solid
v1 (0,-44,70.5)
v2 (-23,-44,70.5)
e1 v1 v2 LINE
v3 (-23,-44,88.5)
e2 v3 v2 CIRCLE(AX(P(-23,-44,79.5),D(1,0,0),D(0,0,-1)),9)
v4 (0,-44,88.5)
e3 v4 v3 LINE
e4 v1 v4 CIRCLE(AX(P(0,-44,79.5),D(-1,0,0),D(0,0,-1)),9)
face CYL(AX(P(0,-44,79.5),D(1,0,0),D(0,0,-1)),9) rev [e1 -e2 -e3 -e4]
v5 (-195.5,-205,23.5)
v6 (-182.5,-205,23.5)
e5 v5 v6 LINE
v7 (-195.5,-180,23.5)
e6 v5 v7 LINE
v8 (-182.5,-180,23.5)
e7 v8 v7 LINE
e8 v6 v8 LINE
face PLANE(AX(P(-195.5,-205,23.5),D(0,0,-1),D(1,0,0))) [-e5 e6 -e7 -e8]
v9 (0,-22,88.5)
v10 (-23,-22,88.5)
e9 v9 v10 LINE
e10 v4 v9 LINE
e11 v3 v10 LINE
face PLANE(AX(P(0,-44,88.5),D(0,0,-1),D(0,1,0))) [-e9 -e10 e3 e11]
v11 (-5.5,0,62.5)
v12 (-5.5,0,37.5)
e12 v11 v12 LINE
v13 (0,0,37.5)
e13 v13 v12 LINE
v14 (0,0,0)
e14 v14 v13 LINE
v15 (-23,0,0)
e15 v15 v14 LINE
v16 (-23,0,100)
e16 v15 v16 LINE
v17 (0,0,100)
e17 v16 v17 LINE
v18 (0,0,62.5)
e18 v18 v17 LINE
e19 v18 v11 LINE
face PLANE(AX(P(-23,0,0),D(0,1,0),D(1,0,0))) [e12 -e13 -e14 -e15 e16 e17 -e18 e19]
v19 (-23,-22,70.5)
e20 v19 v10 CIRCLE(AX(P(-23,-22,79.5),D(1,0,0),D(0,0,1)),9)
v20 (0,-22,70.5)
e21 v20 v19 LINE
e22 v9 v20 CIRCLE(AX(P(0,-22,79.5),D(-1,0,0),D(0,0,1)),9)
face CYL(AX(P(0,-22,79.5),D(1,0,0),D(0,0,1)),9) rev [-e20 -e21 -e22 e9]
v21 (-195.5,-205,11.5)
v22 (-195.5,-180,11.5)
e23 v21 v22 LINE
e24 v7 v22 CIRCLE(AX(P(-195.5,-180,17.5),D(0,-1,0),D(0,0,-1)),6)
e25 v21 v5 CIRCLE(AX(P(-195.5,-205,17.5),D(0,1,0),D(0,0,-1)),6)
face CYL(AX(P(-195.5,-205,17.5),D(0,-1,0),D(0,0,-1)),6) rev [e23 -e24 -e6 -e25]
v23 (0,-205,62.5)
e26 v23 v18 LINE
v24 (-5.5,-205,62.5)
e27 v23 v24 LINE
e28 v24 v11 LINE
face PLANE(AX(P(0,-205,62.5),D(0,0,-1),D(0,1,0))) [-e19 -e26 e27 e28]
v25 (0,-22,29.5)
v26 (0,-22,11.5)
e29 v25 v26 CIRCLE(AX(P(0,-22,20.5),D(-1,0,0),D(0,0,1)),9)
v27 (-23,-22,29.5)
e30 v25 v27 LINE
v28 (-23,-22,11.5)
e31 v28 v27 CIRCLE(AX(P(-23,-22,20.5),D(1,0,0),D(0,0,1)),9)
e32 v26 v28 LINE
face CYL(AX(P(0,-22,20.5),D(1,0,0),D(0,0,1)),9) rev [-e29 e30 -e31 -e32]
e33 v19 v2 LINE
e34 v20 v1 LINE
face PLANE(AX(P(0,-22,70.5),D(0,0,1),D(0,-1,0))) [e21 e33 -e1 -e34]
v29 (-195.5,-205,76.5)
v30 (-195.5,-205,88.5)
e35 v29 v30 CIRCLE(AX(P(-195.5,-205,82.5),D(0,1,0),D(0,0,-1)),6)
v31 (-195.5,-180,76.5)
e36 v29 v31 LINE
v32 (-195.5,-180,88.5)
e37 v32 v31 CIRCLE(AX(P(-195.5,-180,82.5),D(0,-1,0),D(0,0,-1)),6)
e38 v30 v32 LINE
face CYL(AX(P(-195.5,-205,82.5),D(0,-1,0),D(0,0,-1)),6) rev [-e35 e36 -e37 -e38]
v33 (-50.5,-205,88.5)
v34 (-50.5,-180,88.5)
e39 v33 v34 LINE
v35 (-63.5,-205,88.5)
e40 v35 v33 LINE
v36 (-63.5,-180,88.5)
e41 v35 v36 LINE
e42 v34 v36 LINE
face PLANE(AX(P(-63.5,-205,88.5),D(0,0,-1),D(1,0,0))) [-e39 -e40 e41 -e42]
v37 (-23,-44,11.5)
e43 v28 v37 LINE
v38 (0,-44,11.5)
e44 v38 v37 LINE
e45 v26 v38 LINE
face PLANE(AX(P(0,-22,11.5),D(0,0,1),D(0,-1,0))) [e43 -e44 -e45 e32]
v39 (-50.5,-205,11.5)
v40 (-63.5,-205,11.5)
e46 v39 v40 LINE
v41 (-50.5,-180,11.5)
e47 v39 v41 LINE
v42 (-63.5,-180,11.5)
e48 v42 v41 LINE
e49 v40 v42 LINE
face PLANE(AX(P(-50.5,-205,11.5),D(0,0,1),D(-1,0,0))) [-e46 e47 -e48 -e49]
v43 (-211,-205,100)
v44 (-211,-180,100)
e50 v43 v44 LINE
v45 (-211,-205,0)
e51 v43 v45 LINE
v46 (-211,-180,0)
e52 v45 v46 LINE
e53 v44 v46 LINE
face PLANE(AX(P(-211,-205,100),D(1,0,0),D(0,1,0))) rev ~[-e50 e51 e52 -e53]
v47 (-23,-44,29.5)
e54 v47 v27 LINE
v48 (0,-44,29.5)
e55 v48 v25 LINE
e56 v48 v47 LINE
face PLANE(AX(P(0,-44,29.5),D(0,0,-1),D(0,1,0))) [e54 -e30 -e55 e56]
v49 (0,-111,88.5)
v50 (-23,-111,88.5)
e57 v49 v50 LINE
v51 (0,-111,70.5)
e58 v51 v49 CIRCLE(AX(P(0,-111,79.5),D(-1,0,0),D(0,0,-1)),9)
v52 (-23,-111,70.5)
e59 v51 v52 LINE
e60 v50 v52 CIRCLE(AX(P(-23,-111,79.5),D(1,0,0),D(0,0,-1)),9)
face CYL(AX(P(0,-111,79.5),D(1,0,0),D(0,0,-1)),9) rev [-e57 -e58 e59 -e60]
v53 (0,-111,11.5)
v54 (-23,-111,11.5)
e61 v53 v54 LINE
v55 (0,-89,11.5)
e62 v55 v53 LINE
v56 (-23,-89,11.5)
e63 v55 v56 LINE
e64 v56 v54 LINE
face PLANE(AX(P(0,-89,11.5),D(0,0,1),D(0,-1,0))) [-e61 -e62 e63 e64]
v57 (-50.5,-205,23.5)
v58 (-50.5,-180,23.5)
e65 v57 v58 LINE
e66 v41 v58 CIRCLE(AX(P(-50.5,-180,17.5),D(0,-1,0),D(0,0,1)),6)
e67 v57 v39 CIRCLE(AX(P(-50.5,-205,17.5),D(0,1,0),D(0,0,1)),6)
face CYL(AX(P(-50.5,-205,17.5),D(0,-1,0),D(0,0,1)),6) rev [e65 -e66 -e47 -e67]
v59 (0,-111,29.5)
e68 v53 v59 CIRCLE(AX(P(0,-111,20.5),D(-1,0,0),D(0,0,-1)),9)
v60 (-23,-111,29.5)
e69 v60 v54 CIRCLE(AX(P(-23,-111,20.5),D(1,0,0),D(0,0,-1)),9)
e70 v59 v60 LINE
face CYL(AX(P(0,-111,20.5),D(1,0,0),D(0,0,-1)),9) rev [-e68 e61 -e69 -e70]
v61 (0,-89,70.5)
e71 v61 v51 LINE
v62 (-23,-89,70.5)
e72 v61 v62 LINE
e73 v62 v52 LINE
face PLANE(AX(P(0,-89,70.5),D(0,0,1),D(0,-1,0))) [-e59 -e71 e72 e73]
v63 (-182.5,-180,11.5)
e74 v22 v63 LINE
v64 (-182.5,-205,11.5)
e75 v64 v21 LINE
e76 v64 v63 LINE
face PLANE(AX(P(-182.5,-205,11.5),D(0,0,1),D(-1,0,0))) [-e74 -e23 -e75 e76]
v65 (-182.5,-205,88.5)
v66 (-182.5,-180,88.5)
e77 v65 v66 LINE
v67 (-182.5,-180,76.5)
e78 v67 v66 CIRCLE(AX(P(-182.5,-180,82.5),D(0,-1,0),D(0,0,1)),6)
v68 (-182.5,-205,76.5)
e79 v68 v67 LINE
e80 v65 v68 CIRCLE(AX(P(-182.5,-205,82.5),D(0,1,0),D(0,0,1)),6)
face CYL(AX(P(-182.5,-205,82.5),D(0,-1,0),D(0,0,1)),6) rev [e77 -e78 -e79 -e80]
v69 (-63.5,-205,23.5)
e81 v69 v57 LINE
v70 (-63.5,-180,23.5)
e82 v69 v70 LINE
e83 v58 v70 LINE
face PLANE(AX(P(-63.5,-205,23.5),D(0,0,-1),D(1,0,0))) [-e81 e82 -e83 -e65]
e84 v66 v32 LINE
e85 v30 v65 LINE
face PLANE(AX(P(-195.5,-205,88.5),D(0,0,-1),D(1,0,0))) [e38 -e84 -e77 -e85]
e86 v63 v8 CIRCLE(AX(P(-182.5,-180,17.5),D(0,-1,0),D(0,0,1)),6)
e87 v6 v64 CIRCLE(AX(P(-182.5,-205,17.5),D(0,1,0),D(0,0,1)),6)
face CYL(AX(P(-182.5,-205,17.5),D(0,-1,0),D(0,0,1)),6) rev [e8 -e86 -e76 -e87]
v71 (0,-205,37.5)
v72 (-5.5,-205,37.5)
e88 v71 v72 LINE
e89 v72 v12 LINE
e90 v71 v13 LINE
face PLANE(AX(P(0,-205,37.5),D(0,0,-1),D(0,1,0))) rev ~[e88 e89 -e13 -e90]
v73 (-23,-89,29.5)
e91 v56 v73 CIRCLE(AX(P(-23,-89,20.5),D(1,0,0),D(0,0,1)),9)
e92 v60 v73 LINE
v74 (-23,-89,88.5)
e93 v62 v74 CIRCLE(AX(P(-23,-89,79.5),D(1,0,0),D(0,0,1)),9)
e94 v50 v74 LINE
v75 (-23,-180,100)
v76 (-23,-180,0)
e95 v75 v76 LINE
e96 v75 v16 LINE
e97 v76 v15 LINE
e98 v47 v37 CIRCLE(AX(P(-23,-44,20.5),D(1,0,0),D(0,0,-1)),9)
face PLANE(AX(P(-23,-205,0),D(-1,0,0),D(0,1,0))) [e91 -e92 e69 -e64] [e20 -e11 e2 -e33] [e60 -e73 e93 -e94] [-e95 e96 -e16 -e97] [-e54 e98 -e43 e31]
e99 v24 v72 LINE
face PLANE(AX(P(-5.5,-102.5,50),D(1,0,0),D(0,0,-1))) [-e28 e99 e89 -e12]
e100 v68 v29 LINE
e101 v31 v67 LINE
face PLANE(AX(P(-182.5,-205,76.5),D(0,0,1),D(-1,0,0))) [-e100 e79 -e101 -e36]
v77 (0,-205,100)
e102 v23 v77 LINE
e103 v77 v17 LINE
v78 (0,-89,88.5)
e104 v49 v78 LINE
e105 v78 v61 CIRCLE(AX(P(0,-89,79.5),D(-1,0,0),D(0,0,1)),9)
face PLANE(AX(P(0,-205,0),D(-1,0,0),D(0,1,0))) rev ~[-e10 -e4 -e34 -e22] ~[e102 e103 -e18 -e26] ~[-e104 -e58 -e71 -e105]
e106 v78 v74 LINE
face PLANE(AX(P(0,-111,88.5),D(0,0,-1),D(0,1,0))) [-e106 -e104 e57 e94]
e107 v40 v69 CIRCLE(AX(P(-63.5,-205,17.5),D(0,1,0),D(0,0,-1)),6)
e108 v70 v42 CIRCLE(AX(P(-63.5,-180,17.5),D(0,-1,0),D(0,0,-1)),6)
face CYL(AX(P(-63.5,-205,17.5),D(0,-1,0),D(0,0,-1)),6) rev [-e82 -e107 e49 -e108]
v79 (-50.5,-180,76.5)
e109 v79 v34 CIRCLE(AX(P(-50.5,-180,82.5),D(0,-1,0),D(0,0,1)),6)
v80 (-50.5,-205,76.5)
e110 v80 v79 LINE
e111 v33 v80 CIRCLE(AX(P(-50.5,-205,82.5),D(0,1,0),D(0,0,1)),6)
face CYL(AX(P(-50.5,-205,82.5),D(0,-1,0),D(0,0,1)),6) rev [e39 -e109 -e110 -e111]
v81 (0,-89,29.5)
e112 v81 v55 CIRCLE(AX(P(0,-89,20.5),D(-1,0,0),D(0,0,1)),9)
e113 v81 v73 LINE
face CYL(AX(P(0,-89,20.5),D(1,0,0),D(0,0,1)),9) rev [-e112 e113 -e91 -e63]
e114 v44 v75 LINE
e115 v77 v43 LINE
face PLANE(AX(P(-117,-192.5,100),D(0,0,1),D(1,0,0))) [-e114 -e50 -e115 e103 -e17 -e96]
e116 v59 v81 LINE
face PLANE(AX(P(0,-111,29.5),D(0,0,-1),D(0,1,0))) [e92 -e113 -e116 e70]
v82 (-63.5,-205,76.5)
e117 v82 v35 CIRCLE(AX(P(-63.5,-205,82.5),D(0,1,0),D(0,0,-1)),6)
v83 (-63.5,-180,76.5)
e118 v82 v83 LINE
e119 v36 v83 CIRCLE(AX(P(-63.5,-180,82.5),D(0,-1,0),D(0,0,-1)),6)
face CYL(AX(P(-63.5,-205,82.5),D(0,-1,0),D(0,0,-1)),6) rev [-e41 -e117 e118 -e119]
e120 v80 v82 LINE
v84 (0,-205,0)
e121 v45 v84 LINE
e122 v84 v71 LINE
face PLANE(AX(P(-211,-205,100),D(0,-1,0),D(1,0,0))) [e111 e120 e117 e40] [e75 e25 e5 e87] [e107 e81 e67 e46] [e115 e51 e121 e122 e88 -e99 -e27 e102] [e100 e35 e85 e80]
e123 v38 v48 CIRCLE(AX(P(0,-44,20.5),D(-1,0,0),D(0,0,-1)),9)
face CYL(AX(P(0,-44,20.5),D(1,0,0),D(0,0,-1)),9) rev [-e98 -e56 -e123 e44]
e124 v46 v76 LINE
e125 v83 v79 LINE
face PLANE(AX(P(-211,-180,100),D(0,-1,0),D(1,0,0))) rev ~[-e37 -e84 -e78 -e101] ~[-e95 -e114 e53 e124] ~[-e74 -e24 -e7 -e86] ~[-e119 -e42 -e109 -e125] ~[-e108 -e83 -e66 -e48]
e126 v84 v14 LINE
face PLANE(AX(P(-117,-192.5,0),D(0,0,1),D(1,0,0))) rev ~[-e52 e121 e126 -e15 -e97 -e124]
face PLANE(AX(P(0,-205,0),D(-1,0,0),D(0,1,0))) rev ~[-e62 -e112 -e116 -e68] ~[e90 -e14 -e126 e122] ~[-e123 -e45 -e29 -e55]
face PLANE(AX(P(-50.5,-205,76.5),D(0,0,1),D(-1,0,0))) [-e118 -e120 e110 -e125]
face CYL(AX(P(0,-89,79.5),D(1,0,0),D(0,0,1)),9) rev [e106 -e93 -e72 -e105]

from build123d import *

# Parameters (mm, degrees)
SKETCH_1_W          = 23
SKETCH_1_H          = 205
EXTRUDE_1_DEPTH     = 100
SKETCH_3_W          = 188
SKETCH_3_H          = 25
EXTRUDE_3_DEPTH     = 100
CUT_EXTRUDE_1_REACH = 312.719
CUT_EXTRUDE_2_REACH = 312.719
SKETCH_6_W          = 25
SKETCH_6_H          = 205
CUT_EXTRUDE_3_DEPTH = 5.5


with BuildPart() as part:
    # 草图1 → 凸台-拉伸1 (new body)
    with BuildSketch(Plane.XY):
        with Locations((-11.5, -102.5)):
            Rectangle(SKETCH_1_W, SKETCH_1_H)
    extrude(amount=EXTRUDE_1_DEPTH)

    # 草图3 → 凸台-拉伸3 (add)
    with BuildSketch(Plane.XY.offset(100)):
        with Locations((-117, -192.5)):
            Rectangle(SKETCH_3_W, SKETCH_3_H)
    extrude(amount=-EXTRUDE_3_DEPTH)

    # 草图4 → 切除-拉伸1 (cut, up to next)
    with BuildSketch(Plane(origin=(0, 0, 0), x_dir=(0, 0, -1), z_dir=(1, 0, 0)), mode=Mode.PRIVATE) as cut_extrude_1_sk1:
        with BuildLine():
            Line((-70.5, -22), (-70.5, -44))
            ThreePointArc((-70.5, -44), (-79.5, -53), (-88.5, -44))
            Line((-88.5, -44), (-88.5, -22))
            ThreePointArc((-88.5, -22), (-79.5, -13), (-70.5, -22))
        make_face()
    cut_extrude_1_tool1 = extrude(cut_extrude_1_sk1.sketch, amount=-CUT_EXTRUDE_1_REACH, mode=Mode.PRIVATE) & part.part
    # 草图4 → 切除-拉伸1 (cut, up to next)
    with BuildSketch(Plane(origin=(0, 0, 0), x_dir=(0, 0, -1), z_dir=(1, 0, 0)), mode=Mode.PRIVATE) as cut_extrude_1_sk2:
        with BuildLine():
            Line((-11.5, -22), (-11.5, -44))
            ThreePointArc((-11.5, -44), (-20.5, -53), (-29.5, -44))
            Line((-29.5, -44), (-29.5, -22))
            ThreePointArc((-29.5, -22), (-20.5, -13), (-11.5, -22))
        make_face()
    cut_extrude_1_tool2 = extrude(cut_extrude_1_sk2.sketch, amount=-CUT_EXTRUDE_1_REACH, mode=Mode.PRIVATE) & part.part
    # 草图4 → 切除-拉伸1 (cut, up to next)
    with BuildSketch(Plane(origin=(0, 0, 0), x_dir=(0, 0, -1), z_dir=(1, 0, 0)), mode=Mode.PRIVATE) as cut_extrude_1_sk3:
        with BuildLine():
            Line((-70.5, -89), (-70.5, -111))
            ThreePointArc((-70.5, -111), (-79.5, -120), (-88.5, -111))
            Line((-88.5, -111), (-88.5, -89))
            ThreePointArc((-88.5, -89), (-79.5, -80), (-70.5, -89))
        make_face()
    cut_extrude_1_tool3 = extrude(cut_extrude_1_sk3.sketch, amount=-CUT_EXTRUDE_1_REACH, mode=Mode.PRIVATE) & part.part
    # 草图4 → 切除-拉伸1 (cut, up to next)
    with BuildSketch(Plane(origin=(0, 0, 0), x_dir=(0, 0, -1), z_dir=(1, 0, 0)), mode=Mode.PRIVATE) as cut_extrude_1_sk4:
        with BuildLine():
            Line((-11.5, -89), (-11.5, -111))
            ThreePointArc((-11.5, -111), (-20.5, -120), (-29.5, -111))
            Line((-29.5, -111), (-29.5, -89))
            ThreePointArc((-29.5, -89), (-20.5, -80), (-11.5, -89))
        make_face()
    cut_extrude_1_tool4 = extrude(cut_extrude_1_sk4.sketch, amount=-CUT_EXTRUDE_1_REACH, mode=Mode.PRIVATE) & part.part
    add(cut_extrude_1_tool1.solids().sort_by_distance((0, -33, 79.5))[0], mode=Mode.SUBTRACT)
    add(cut_extrude_1_tool2.solids().sort_by_distance((0, -33, 20.5))[0], mode=Mode.SUBTRACT)
    add(cut_extrude_1_tool3.solids().sort_by_distance((0, -100, 79.5))[0], mode=Mode.SUBTRACT)
    add(cut_extrude_1_tool4.solids().sort_by_distance((0, -100, 20.5))[0], mode=Mode.SUBTRACT)

    # 草图5 → 切除-拉伸2 (cut, up to next)
    with BuildSketch(Plane.XZ.offset(205), mode=Mode.PRIVATE) as cut_extrude_2_sk1:
        with BuildLine():
            Line((-195.5, 88.5), (-182.5, 88.5))
            ThreePointArc((-182.5, 88.5), (-176.5, 82.5), (-182.5, 76.5))
            Line((-182.5, 76.5), (-195.5, 76.5))
            ThreePointArc((-195.5, 76.5), (-201.5, 82.5), (-195.5, 88.5))
        make_face()
    cut_extrude_2_tool1 = extrude(cut_extrude_2_sk1.sketch, amount=-CUT_EXTRUDE_2_REACH, mode=Mode.PRIVATE) & part.part
    # 草图5 → 切除-拉伸2 (cut, up to next)
    with BuildSketch(Plane.XZ.offset(205), mode=Mode.PRIVATE) as cut_extrude_2_sk2:
        with BuildLine():
            Line((-63.5, 88.5), (-50.5, 88.5))
            ThreePointArc((-50.5, 88.5), (-44.5, 82.5), (-50.5, 76.5))
            Line((-50.5, 76.5), (-63.5, 76.5))
            ThreePointArc((-63.5, 76.5), (-69.5, 82.5), (-63.5, 88.5))
        make_face()
    cut_extrude_2_tool2 = extrude(cut_extrude_2_sk2.sketch, amount=-CUT_EXTRUDE_2_REACH, mode=Mode.PRIVATE) & part.part
    # 草图5 → 切除-拉伸2 (cut, up to next)
    with BuildSketch(Plane.XZ.offset(205), mode=Mode.PRIVATE) as cut_extrude_2_sk3:
        with BuildLine():
            Line((-195.5, 23.5), (-182.5, 23.5))
            ThreePointArc((-182.5, 23.5), (-176.5, 17.5), (-182.5, 11.5))
            Line((-182.5, 11.5), (-195.5, 11.5))
            ThreePointArc((-195.5, 11.5), (-201.5, 17.5), (-195.5, 23.5))
        make_face()
    cut_extrude_2_tool3 = extrude(cut_extrude_2_sk3.sketch, amount=-CUT_EXTRUDE_2_REACH, mode=Mode.PRIVATE) & part.part
    # 草图5 → 切除-拉伸2 (cut, up to next)
    with BuildSketch(Plane.XZ.offset(205), mode=Mode.PRIVATE) as cut_extrude_2_sk4:
        with BuildLine():
            Line((-63.5, 23.5), (-50.5, 23.5))
            ThreePointArc((-50.5, 23.5), (-44.5, 17.5), (-50.5, 11.5))
            Line((-50.5, 11.5), (-63.5, 11.5))
            ThreePointArc((-63.5, 11.5), (-69.5, 17.5), (-63.5, 23.5))
        make_face()
    cut_extrude_2_tool4 = extrude(cut_extrude_2_sk4.sketch, amount=-CUT_EXTRUDE_2_REACH, mode=Mode.PRIVATE) & part.part
    add(cut_extrude_2_tool1.solids().sort_by_distance((-189, -205, 82.5))[0], mode=Mode.SUBTRACT)
    add(cut_extrude_2_tool2.solids().sort_by_distance((-57, -205, 82.5))[0], mode=Mode.SUBTRACT)
    add(cut_extrude_2_tool3.solids().sort_by_distance((-189, -205, 17.5))[0], mode=Mode.SUBTRACT)
    add(cut_extrude_2_tool4.solids().sort_by_distance((-57, -205, 17.5))[0], mode=Mode.SUBTRACT)

    # 草图6 → 切除-拉伸3 (cut)
    with BuildSketch(Plane(origin=(0, 0, 0), x_dir=(0, 0, -1), z_dir=(1, 0, 0))):
        with Locations((-50, -102.5)):
            Rectangle(SKETCH_6_W, SKETCH_6_H)
    extrude(amount=-CUT_EXTRUDE_3_DEPTH, mode=Mode.SUBTRACT)


solid = part.part
